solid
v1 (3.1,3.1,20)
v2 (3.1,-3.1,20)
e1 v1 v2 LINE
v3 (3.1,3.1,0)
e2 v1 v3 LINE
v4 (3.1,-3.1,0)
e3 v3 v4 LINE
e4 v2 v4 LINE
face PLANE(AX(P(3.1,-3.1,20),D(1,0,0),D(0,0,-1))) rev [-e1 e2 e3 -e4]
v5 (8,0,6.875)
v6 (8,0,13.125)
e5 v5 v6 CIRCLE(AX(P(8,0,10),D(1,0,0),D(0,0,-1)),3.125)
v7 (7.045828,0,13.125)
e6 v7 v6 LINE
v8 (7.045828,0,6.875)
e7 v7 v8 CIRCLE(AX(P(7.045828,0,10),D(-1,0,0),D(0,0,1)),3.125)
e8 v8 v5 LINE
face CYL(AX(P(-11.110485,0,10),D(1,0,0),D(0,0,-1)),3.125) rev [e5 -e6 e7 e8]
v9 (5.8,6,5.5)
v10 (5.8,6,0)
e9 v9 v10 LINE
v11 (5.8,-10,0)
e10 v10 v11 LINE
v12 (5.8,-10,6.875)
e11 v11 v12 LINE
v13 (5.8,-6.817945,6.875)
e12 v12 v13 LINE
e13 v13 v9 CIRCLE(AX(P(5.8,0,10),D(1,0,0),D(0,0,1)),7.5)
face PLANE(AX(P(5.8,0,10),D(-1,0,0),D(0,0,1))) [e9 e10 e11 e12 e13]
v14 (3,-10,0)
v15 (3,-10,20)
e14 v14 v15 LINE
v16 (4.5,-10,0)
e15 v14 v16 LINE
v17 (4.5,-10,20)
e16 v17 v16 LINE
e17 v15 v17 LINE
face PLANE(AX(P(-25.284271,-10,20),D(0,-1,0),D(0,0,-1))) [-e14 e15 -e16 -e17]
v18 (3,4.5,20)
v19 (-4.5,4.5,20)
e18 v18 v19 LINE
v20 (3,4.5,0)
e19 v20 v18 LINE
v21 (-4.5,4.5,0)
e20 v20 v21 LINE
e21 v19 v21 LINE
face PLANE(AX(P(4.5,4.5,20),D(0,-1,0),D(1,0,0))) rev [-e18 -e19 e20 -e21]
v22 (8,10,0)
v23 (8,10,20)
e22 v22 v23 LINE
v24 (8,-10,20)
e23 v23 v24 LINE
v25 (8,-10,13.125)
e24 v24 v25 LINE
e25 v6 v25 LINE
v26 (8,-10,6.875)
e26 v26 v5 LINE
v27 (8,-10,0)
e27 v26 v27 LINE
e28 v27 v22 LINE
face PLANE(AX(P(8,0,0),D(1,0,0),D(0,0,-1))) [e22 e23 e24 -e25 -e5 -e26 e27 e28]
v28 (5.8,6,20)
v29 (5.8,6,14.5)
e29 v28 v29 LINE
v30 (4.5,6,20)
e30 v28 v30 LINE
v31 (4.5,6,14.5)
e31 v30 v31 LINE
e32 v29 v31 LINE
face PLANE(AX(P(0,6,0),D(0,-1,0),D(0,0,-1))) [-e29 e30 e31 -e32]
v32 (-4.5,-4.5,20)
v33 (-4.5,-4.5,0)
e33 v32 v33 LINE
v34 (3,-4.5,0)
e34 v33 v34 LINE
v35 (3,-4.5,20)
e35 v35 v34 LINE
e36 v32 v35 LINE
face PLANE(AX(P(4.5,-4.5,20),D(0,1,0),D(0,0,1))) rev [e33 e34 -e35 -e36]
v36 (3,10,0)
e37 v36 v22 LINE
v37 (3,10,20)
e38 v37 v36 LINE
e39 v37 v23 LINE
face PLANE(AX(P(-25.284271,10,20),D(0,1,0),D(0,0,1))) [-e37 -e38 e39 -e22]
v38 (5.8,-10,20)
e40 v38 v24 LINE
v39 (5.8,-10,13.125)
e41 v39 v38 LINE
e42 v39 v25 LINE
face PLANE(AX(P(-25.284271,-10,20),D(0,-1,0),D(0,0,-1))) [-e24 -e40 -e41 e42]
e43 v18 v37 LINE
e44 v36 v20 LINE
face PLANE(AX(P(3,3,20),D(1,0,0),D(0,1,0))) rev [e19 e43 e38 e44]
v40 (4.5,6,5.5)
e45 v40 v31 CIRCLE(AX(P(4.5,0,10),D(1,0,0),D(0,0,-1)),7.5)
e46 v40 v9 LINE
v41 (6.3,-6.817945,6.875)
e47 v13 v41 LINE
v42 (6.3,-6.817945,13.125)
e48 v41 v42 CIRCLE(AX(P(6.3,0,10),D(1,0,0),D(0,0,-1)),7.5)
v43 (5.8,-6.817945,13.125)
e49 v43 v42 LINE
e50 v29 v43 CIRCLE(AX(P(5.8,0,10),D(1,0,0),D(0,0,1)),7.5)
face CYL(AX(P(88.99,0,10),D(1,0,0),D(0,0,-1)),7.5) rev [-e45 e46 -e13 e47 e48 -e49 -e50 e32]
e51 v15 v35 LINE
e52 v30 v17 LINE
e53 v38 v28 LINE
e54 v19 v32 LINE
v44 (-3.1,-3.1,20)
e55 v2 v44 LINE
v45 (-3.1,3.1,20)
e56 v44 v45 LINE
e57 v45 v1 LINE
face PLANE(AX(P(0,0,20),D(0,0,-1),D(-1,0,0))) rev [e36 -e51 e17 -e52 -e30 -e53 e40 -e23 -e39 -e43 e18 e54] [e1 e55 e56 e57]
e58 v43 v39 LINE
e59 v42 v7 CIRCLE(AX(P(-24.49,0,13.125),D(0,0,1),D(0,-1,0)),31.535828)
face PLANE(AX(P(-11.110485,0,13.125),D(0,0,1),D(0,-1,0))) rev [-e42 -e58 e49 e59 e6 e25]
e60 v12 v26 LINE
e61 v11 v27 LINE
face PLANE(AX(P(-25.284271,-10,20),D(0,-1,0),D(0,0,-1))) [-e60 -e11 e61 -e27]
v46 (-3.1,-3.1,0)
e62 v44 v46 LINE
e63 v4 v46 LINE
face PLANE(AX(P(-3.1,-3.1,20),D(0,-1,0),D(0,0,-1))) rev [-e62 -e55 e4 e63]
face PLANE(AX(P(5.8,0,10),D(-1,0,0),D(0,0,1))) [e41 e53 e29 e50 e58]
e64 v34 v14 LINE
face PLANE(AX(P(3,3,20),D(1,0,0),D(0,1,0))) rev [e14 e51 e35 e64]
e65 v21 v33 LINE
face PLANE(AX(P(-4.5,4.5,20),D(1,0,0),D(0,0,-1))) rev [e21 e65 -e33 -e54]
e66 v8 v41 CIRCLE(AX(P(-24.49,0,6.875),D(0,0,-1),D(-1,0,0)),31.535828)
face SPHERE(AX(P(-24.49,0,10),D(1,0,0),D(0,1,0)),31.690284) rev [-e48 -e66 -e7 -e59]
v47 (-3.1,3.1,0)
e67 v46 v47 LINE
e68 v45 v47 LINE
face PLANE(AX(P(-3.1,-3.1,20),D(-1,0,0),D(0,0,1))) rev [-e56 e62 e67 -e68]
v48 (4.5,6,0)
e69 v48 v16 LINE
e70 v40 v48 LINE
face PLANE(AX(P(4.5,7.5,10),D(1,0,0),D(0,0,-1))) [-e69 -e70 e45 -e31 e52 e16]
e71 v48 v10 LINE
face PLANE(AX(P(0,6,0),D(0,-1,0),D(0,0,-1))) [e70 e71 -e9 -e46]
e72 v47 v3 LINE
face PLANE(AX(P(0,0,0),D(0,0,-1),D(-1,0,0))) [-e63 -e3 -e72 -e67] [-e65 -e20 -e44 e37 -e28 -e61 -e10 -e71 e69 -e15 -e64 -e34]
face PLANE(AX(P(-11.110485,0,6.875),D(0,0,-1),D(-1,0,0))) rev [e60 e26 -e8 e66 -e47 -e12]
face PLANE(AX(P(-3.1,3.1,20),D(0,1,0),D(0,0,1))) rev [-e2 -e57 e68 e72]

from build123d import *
from build123d.topology import SkipClean

# Parameters (mm, degrees)
SKETCH1_W           = 9
SKETCH1_H           = 9
BOSS_EXTRUDE1_DEPTH = 20
SKETCH2_W           = 6
SKETCH2_H           = 6
CUT_EXTRUDE1_DEPTH  = 21.988091862
SKETCH4_W           = 20
SKETCH4_H           = 20
BOSS_EXTRUDE2_DEPTH = 1.5
SKETCH5_W           = 20
SKETCH5_H           = 20
BOSS_EXTRUDE3_DEPTH = 3.5
SKETCH7_W           = 1.8
SKETCH7_H           = 20
CUT_EXTRUDE5_DEPTH  = 16
CUT_EXTRUDE6_START  = -1.7
CUT_EXTRUDE6_DEPTH  = 1.7
BOSS_EXTRUDE4_START = 0.5
BOSS_EXTRUDE4_DEPTH = 0.5
SKETCH10_W          = 6.2
SKETCH10_H          = 6.2
CUT_EXTRUDE8_DEPTH  = 24.748684208


with BuildPart() as part:
    # Sketch1 → Boss-Extrude1 (new body)
    with BuildSketch(Plane.XY):
        Rectangle(SKETCH1_W, SKETCH1_H)
    extrude(amount=BOSS_EXTRUDE1_DEPTH)

    # Sketch2 → Cut-Extrude1 (cut, through all)
    with BuildSketch(Plane(origin=(0, 0, 0), x_dir=(-1, 0, 0), z_dir=(0, 0, -1))):
        Rectangle(SKETCH2_W, SKETCH2_H)
    extrude(amount=-CUT_EXTRUDE1_DEPTH, mode=Mode.SUBTRACT)

    # Sketch4 → Boss-Extrude2 (add)
    with BuildSketch(Plane(origin=(4.5, 0, 0), x_dir=(0, 0, -1), z_dir=(1, 0, 0))):
        with Locations((-10, 0)):
            Rectangle(SKETCH4_W, SKETCH4_H)
    extrude(amount=-BOSS_EXTRUDE2_DEPTH)

    # Sketch5 → Boss-Extrude3 (add)
    with BuildSketch(Plane(origin=(4.5, 0, 0), x_dir=(0, 0, -1), z_dir=(1, 0, 0))):
        with Locations((-10, 0)):
            Rectangle(SKETCH5_W, SKETCH5_H)
    extrude(amount=BOSS_EXTRUDE3_DEPTH)

    # Sketch6 → Cut-Revolve2 (revolve, cut)
    with BuildSketch(Plane(origin=(0, 0, 10), x_dir=(-1, 0, 0), z_dir=(0, 0, -1)), mode=Mode.PRIVATE) as cut_revolve2_sk:
        with BuildLine():
            Line((-4.5, 7.5), (-4.5, 0))
            Line((-4.5, 0), (-7.200284, 0))
            ThreePointArc((-7.200284, 0), (-6.974408022, 3.776920415), (-6.3, 7.5))
            Line((-6.3, 7.5), (-4.5, 7.5))
        make_face()
    revolve(cut_revolve2_sk.sketch.rotate(Axis((88.99, 0, 10), (-1, 0, 0)), 90), axis=Axis((88.99, 0, 10), (-1, 0, 0)), mode=Mode.SUBTRACT)

    # Sketch7 → Cut-Extrude5 (cut)
    with BuildSketch(Plane.XZ.offset(10)):
        with Locations((5.4, 10)):
            Rectangle(SKETCH7_W, SKETCH7_H)
    extrude(amount=-CUT_EXTRUDE5_DEPTH, mode=Mode.SUBTRACT)

    # Sketch8 → Cut-Extrude6 (cut)
    with BuildSketch(Plane(origin=(8, 0, 0), x_dir=(0, 0, -1), z_dir=(1, 0, 0)).offset(CUT_EXTRUDE6_START)):
        with BuildLine():
            Line((-6.875, 0), (-6.875, -10))
            ThreePointArc((-6.875, -10), (-10, -13.125), (-13.125, -10))
            Line((-13.125, -10), (-13.125, 0))
            ThreePointArc((-13.125, 0), (-10, 3.125), (-6.875, 0))
        make_face()
    extrude(amount=CUT_EXTRUDE6_DEPTH, mode=Mode.SUBTRACT)

    # Sketch9 → Boss-Extrude4 (add)
    with SkipClean():  # the faces are left unmerged after this step: merging them gives an invalid solid
        with BuildSketch(Plane.ZY.offset(-6.3).offset(BOSS_EXTRUDE4_START)):
            with BuildLine():
                Line((13.125, -6.817945072), (13.125, -10))
                Line((13.125, -10), (20, -10))
                Line((20, -10), (20, 6))
                Line((20, 6), (14.5, 6))
                ThreePointArc((14.5, 6), (17.457216989, -0.799946739), (13.125, -6.817945072))
            make_face()
            with BuildLine():
                Line((0, -10), (6.875, -10))
                Line((6.875, -10), (6.875, -6.817945072))
                ThreePointArc((6.875, -6.817945072), (2.542783011, -0.799946739), (5.5, 6))
                Line((5.5, 6), (0, 6))
                Line((0, 6), (0, -10))
            make_face()
        extrude(amount=-BOSS_EXTRUDE4_DEPTH)

    # Sketch10 → Cut-Extrude8 (cut, through all)
    with SkipClean():  # the faces are left unmerged after this step: merging them gives an invalid solid
        with BuildSketch(Plane(origin=(0, 0, 0), x_dir=(-1, 0, 0), z_dir=(0, 0, -1))):
            Rectangle(SKETCH10_W, SKETCH10_H)
        extrude(amount=-CUT_EXTRUDE8_DEPTH, mode=Mode.SUBTRACT)


solid = part.part
